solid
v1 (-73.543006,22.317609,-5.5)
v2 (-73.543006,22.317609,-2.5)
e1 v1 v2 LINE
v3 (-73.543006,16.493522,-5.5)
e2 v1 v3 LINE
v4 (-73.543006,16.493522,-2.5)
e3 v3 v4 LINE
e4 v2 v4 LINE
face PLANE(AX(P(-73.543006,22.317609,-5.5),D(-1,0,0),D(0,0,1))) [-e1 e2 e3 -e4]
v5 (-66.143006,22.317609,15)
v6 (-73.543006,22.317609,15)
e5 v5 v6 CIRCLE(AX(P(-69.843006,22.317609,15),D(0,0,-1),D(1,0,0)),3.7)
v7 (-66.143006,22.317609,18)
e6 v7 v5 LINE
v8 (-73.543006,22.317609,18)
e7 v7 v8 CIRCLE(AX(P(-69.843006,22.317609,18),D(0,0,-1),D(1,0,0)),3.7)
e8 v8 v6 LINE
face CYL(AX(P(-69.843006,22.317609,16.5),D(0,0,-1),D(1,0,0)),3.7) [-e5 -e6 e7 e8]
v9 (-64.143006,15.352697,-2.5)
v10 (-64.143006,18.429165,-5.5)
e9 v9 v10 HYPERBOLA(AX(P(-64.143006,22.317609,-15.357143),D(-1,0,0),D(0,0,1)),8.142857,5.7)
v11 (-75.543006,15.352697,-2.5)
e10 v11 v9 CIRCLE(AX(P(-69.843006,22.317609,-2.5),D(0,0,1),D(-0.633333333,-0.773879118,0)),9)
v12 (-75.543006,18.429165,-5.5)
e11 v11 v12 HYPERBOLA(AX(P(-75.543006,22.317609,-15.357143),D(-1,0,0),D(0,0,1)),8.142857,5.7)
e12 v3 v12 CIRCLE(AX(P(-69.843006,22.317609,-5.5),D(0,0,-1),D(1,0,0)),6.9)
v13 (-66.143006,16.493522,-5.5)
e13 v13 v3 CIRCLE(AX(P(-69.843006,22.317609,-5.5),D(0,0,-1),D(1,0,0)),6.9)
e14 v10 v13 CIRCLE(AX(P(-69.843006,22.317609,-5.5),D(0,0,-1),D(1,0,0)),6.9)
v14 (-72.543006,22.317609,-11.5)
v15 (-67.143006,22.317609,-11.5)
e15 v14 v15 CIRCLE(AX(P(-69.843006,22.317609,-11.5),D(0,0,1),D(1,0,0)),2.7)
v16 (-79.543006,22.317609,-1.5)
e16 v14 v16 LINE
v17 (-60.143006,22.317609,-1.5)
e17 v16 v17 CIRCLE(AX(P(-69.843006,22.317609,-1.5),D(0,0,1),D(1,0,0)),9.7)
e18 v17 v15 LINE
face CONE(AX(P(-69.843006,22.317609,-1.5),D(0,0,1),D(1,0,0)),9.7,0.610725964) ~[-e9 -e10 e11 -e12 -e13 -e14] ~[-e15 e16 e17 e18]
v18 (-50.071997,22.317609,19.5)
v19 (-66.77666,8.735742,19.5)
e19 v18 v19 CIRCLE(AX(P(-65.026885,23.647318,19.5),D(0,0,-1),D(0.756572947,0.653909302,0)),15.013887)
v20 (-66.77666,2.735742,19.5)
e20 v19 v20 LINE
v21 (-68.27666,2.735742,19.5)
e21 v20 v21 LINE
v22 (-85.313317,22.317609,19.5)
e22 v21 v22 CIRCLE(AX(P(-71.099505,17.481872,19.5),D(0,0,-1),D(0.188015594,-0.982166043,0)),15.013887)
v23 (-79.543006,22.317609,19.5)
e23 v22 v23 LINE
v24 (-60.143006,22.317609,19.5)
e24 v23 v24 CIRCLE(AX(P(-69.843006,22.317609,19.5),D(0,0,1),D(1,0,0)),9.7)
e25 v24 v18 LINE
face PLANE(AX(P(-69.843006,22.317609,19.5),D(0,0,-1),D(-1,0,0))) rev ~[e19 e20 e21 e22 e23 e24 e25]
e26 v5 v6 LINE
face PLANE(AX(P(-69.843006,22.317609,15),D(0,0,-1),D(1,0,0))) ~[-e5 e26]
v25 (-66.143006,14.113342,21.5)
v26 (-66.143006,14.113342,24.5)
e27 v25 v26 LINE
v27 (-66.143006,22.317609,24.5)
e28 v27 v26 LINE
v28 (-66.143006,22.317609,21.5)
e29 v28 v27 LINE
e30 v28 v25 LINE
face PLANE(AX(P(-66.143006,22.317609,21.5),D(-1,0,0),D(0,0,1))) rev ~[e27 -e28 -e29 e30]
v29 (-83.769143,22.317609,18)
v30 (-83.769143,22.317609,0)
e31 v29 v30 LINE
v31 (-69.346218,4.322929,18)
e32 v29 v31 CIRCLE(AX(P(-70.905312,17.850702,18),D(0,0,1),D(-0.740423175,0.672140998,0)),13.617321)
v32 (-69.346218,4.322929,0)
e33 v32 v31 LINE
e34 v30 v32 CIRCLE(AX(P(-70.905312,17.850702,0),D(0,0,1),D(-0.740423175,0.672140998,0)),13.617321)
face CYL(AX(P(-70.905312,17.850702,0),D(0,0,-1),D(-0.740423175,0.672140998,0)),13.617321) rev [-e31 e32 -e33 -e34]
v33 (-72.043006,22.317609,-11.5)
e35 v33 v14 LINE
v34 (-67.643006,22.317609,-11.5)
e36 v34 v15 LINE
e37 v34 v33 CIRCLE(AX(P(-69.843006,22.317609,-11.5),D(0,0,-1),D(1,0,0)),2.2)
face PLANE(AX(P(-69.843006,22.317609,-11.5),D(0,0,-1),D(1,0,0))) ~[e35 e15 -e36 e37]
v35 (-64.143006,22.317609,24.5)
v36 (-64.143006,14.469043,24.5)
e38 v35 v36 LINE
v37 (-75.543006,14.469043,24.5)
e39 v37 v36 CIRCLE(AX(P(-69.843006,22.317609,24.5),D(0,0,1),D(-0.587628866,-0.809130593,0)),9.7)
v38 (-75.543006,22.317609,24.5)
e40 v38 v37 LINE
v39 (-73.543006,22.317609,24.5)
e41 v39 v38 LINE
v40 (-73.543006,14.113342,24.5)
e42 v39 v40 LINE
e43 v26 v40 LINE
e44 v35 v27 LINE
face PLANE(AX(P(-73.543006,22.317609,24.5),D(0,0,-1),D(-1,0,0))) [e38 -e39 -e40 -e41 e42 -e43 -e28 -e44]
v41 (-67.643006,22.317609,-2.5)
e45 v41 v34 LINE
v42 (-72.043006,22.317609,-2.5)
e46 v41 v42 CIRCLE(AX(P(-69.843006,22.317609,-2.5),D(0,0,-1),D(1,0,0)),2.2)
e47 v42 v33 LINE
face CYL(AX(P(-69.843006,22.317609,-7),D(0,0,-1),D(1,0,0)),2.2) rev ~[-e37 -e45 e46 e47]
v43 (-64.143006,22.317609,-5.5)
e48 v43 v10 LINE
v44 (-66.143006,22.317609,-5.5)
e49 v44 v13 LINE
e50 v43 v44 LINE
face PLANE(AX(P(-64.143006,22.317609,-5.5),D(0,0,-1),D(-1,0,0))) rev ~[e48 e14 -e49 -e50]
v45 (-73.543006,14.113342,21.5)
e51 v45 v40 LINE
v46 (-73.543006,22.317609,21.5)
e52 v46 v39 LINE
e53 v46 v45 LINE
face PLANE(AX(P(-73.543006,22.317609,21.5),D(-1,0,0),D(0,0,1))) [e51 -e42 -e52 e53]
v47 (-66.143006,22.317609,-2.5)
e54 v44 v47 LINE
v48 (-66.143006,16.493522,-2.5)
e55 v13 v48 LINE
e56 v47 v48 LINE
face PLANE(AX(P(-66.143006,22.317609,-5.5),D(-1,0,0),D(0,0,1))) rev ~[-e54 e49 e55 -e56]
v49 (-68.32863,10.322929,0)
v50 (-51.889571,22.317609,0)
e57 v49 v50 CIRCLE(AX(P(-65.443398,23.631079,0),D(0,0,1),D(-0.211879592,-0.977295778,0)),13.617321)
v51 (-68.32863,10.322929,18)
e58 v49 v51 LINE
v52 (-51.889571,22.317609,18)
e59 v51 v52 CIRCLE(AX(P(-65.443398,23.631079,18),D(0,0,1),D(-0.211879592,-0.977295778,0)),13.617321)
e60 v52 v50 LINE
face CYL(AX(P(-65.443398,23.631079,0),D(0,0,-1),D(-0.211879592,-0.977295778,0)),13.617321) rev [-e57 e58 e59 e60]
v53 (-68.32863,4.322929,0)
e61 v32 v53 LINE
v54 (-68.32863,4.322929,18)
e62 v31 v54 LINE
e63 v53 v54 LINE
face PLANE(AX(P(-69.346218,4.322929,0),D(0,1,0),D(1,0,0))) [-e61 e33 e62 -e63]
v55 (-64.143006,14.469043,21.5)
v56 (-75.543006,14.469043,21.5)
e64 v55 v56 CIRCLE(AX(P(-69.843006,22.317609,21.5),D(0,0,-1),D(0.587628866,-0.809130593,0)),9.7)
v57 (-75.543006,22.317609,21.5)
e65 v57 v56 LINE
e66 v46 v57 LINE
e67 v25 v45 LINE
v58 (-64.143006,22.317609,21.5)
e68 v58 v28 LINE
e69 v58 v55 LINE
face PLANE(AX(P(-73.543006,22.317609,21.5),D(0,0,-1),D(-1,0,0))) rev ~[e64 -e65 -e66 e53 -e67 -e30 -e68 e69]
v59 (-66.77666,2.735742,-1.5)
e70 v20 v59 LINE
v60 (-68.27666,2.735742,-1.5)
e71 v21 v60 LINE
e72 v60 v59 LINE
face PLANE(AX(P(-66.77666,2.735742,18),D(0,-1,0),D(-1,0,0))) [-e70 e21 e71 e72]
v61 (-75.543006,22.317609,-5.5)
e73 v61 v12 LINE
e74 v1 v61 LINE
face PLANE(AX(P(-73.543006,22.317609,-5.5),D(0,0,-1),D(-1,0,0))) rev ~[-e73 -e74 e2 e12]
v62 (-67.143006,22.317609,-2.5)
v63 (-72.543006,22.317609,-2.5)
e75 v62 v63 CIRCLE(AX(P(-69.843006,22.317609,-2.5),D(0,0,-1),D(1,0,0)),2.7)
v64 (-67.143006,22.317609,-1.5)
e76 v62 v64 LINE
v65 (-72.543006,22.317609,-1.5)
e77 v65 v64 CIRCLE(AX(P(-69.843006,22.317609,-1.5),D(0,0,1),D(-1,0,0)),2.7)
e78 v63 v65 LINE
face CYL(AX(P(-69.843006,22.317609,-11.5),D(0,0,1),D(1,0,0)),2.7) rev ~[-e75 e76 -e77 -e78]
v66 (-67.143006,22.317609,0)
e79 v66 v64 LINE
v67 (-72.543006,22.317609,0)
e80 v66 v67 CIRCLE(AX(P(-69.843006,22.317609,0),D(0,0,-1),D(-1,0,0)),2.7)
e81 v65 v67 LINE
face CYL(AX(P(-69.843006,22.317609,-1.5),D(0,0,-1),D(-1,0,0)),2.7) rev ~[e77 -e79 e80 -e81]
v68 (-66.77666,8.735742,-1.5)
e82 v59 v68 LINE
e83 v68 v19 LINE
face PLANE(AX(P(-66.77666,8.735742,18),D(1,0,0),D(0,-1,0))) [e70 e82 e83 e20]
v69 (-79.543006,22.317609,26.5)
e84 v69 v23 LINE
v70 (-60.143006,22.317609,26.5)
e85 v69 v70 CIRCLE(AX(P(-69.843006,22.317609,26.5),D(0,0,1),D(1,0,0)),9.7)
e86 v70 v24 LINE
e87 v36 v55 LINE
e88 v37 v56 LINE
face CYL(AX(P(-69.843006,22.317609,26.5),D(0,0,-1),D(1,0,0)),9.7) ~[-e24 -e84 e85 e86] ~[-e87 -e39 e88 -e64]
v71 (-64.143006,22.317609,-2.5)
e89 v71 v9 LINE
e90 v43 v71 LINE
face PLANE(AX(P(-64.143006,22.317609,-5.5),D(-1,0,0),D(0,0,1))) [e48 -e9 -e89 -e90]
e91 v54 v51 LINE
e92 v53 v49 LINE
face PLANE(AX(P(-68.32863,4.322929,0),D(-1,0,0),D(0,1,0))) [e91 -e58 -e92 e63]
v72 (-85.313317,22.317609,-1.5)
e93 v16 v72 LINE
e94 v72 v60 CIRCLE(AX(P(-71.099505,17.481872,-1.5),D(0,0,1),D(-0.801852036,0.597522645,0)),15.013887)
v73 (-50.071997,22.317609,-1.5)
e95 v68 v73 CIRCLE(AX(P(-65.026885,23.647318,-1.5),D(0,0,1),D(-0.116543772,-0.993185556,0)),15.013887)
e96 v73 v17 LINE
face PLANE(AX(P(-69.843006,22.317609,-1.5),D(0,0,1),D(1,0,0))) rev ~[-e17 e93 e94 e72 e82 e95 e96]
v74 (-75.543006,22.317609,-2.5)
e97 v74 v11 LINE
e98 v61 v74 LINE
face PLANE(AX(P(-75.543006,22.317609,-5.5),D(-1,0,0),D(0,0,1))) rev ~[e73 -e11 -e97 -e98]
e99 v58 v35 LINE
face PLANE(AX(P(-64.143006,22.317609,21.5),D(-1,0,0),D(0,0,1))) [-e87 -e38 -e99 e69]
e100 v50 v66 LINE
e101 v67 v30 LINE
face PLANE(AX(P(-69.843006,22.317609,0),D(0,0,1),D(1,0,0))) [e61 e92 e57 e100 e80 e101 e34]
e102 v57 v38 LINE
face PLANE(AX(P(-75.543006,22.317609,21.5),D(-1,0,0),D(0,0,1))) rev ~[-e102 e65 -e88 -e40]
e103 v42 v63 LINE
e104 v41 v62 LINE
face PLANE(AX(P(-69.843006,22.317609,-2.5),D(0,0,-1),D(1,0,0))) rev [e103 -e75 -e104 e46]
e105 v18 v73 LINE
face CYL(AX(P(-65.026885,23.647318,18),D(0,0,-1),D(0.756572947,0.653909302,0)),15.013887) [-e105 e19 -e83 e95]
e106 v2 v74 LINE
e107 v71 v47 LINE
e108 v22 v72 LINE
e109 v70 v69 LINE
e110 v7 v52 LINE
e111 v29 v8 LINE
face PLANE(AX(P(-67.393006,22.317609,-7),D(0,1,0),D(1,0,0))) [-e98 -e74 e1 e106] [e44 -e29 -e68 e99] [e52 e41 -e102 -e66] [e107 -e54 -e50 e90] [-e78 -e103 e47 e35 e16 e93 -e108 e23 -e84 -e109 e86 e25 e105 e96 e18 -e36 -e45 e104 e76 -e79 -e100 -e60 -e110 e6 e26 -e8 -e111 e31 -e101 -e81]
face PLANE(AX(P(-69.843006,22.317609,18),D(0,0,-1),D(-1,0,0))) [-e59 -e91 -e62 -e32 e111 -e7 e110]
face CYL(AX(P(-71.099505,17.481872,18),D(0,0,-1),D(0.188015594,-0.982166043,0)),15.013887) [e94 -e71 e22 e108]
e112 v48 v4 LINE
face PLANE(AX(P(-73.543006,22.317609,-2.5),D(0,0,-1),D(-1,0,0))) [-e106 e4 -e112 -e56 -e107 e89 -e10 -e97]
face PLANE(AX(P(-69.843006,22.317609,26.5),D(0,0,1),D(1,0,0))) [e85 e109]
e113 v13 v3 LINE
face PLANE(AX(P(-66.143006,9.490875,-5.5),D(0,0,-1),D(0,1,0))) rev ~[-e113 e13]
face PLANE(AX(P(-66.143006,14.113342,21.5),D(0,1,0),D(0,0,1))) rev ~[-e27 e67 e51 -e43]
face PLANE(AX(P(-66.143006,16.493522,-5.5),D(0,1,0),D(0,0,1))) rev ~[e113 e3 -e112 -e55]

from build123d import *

# Parameters (mm, degrees)
SALIENTE_EXTRUIR1_DEPTH = 18
SALIENTE_EXTRUIR2_START = 1.5
CROQUIS2_R              = 2.7
SALIENTE_EXTRUIR2_DEPTH = 1.5
SALIENTE_EXTRUIR3_DEPTH = 1.5
CROQUIS6_W              = 5.4
CROQUIS6_H              = 1.803822617
SALIENTE_EXTRUIR7_DEPTH = 10
CROQUIS10_W             = 5.4
CROQUIS10_H             = 10
CORTAR_EXTRUIR3_DEPTH   = 10
CROQUIS12_W             = 50.345864286
CROQUIS12_H             = 43.398115734
CORTAR_EXTRUIR4_DEPTH   = 30
CROQUIS14_W             = 2
CROQUIS14_H             = 3
CORTAR_EXTRUIR5_DEPTH   = 30
CORTAR_EXTRUIR7_START   = -7.4
CROQUIS16_W             = 3
CROQUIS16_H             = 7.002646448
CROQUIS16_H_2           = 3.270183245
CORTAR_EXTRUIR7_DEPTH   = 7.4
CROQUIS17_W             = 3.7
CROQUIS17_H             = 3
REVOLUCI_N2_ANGLE       = 180
CROQUIS19_W             = 0.5
CROQUIS19_H             = 9
REVOLUCI_N3_ANGLE       = 180


with BuildPart() as part:
    # Croquis1 → Saliente-Extruir1 (new body)
    with BuildSketch(Plane.XY):
        with BuildLine():
            Line((-53.667784589, 33.4650382), (-54.417784589, 34.764076306))
            Line((-54.417784589, 34.764076306), (-59.613937012, 31.764076306))
            ThreePointArc((-59.613937012, 31.764076306), (-73.945502317, 40.827707086), (-87.584573208, 30.752047693))
            Line((-87.584573208, 30.752047693), (-88.334573208, 29.453009587))
            Line((-88.334573208, 29.453009587), (-83.138420786, 26.453009587))
            ThreePointArc((-83.138420786, 26.453009587), (-83.82197264, 9.509694567), (-68.276660199, 2.735742387))
            Line((-68.276660199, 2.735742387), (-66.776660199, 2.735742387))
            Line((-66.776660199, 2.735742387), (-66.776660199, 8.735742387))
            ThreePointArc((-66.776660199, 8.735742387), (-51.761543041, 16.615426627), (-53.667784589, 33.4650382))
        make_face()
        with BuildLine():
            Line((-54.507549641, 31.745180452), (-55.016343575, 32.626437397))
            Line((-55.016343575, 32.626437397), (-60.212495998, 29.626437397))
            ThreePointArc((-60.212495998, 29.626437397), (-72.508207296, 39.071771198), (-85.675250182, 30.884718699))
            Line((-85.675250182, 30.884718699), (-86.184044116, 30.003461754))
            Line((-86.184044116, 30.003461754), (-80.987891693, 27.003461754))
            ThreePointArc((-80.987891693, 27.003461754), (-83.019935064, 11.632396511), (-69.346218174, 4.322929129))
            Line((-69.346218174, 4.322929129), (-68.328630306, 4.322929129))
            Line((-68.328630306, 4.322929129), (-68.328630306, 10.322929129))
            ThreePointArc((-68.328630306, 10.322929129), (-54.000875637, 16.248660571), (-54.507549641, 31.745180452))
        make_face(mode=Mode.SUBTRACT)
    extrude(amount=SALIENTE_EXTRUIR1_DEPTH)

    # Croquis2 → Saliente-Extruir2 (add)
    with BuildSketch(Plane(origin=(0, 0, 0), x_dir=(-1, 0, 0), z_dir=(0, 0, -1)).offset(SALIENTE_EXTRUIR2_START)):
        with BuildLine():
            Line((87.584573208, 30.752047693), (88.334573208, 29.453009587))
            Line((88.334573208, 29.453009587), (83.138420786, 26.453009587))
            ThreePointArc((83.138420786, 26.453009587), (83.82197264, 9.509694567), (68.276660199, 2.735742387))
            Line((68.276660199, 2.735742387), (66.776660199, 2.735742387))
            Line((66.776660199, 2.735742387), (66.776660199, 8.735742387))
            ThreePointArc((66.776660199, 8.735742387), (51.761543041, 16.615426627), (53.667784589, 33.4650382))
            Line((53.667784589, 33.4650382), (54.417784589, 34.764076306))
            Line((54.417784589, 34.764076306), (59.613937012, 31.764076306))
            ThreePointArc((59.613937012, 31.764076306), (73.945502317, 40.827707086), (87.584573208, 30.752047693))
        make_face()
        with Locations((69.843005999, 22.317609427)):
            Circle(CROQUIS2_R, mode=Mode.SUBTRACT)
    extrude(amount=-SALIENTE_EXTRUIR2_DEPTH)

    # Croquis3 → Saliente-Extruir3 (add)
    with BuildSketch(Plane.XY.offset(18)):
        with BuildLine():
            Line((-66.776660199, 8.735742387), (-66.776660199, 2.735742387))
            Line((-66.776660199, 2.735742387), (-68.276660199, 2.735742387))
            ThreePointArc((-68.276660199, 2.735742387), (-83.82197264, 9.509694567), (-83.138420786, 26.453009587))
            Line((-83.138420786, 26.453009587), (-88.334573208, 29.453009587))
            Line((-88.334573208, 29.453009587), (-87.584573208, 30.752047693))
            ThreePointArc((-87.584573208, 30.752047693), (-73.945502317, 40.827707086), (-59.613937012, 31.764076306))
            Line((-59.613937012, 31.764076306), (-54.417784589, 34.764076306))
            Line((-54.417784589, 34.764076306), (-53.667784589, 33.4650382))
            ThreePointArc((-53.667784589, 33.4650382), (-51.761543041, 16.615426627), (-66.776660199, 8.735742387))
        make_face()
    extrude(amount=SALIENTE_EXTRUIR3_DEPTH)

    # Croquis6 → Saliente-Extruir7 (add)
    with BuildSketch(Plane(origin=(0, 0, -1.5), x_dir=(-1, 0, 0), z_dir=(0, 0, -1))):
        with Locations((69.843005999, 21.415698119)):
            Rectangle(CROQUIS6_W, CROQUIS6_H)
    extrude(amount=SALIENTE_EXTRUIR7_DEPTH)

    # Croquis10 → Cortar-Extruir3 (cut)
    with BuildSketch(Plane(origin=(0, 22.317609427, 0), x_dir=(1, 0, 0), z_dir=(0, 1, 0))):
        with Locations((-69.843005999, 6.5)):
            Rectangle(CROQUIS10_W, CROQUIS10_H)
    extrude(amount=-CORTAR_EXTRUIR3_DEPTH, mode=Mode.SUBTRACT)

    # Croquis11 → Revolución1 (revolve)
    with BuildSketch(Plane(origin=(0, 22.317609427, 0), x_dir=(1, 0, 0), z_dir=(0, 1, 0)), mode=Mode.PRIVATE) as revoluci_n1_sk:
        Polygon((-72.543005999, 1.5), (-79.543005999, 1.5), (-72.543005999, 11.5), align=None)
        Polygon((-71.193005999, -19.5), (-69.843005999, -19.5), (-69.843005999, -26.5), (-71.193005999, -26.5), (-79.543005999, -26.5), (-79.543005999, -19.5), align=None)
    revolve(revoluci_n1_sk.sketch.rotate(Axis((-69.843005999, 22.317609427, 19.5), (0, 0, 1)), 180), axis=Axis((-69.843005999, 22.317609427, 19.5), (0, 0, 1)))

    # Croquis12 → Cortar-Extruir4 (cut)
    with BuildSketch(Plane(origin=(0, 22.317609427, 0), x_dir=(1, 0, 0), z_dir=(0, 1, 0))):
        with Locations((-66.462924906, -7.850212976)):
            Rectangle(CROQUIS12_W, CROQUIS12_H)
    extrude(amount=CORTAR_EXTRUIR4_DEPTH, mode=Mode.SUBTRACT)

    # Croquis14 → Cortar-Extruir5 (cut)
    with BuildSketch(Plane(origin=(0, 22.317609427, 0), x_dir=(-1, 0, 0), z_dir=(0, 1, 0))):
        with Locations((65.143005999, -4)):
            Rectangle(CROQUIS14_W, CROQUIS14_H)
        with Locations((74.543005999, -4)):
            Rectangle(CROQUIS14_W, CROQUIS14_H)
        with Locations((74.543005999, 23)):
            Rectangle(CROQUIS14_W, CROQUIS14_H)
        with Locations((65.143005999, 23)):
            Rectangle(CROQUIS14_W, CROQUIS14_H)
    extrude(amount=-CORTAR_EXTRUIR5_DEPTH, mode=Mode.SUBTRACT)

    # Croquis16 → Cortar-Extruir7 (cut)
    with BuildSketch(Plane.ZY.offset(73.543005999).offset(CORTAR_EXTRUIR7_START)):
        with Locations((-4, 12.992198291)):
            Rectangle(CROQUIS16_W, CROQUIS16_H)
        with Locations((23, 12.478250621)):
            Rectangle(CROQUIS16_W, CROQUIS16_H_2)
    extrude(amount=CORTAR_EXTRUIR7_DEPTH, mode=Mode.SUBTRACT)

    # Croquis17 → Revolución2 (revolve)
    with BuildSketch(Plane(origin=(0, 22.317609427, 0), x_dir=(1, 0, 0), z_dir=(0, 1, 0))):
        with Locations((-67.993005999, -16.5)):
            Rectangle(CROQUIS17_W, CROQUIS17_H)
    revolve(axis=Axis((-69.843005999, 22.317609427, 15), (0, 0, -1)), revolution_arc=REVOLUCI_N2_ANGLE)

    # Croquis19 → Revolución3 (revolve)
    with BuildSketch(Plane(origin=(0, 22.317609427, 0), x_dir=(1, 0, 0), z_dir=(0, 1, 0))):
        with Locations((-67.393005999, 7)):
            Rectangle(CROQUIS19_W, CROQUIS19_H)
    revolve(axis=Axis((-69.843005999, 22.317609427, 0), (0, 0, -1)), revolution_arc=REVOLUCI_N3_ANGLE)


solid = part.part
